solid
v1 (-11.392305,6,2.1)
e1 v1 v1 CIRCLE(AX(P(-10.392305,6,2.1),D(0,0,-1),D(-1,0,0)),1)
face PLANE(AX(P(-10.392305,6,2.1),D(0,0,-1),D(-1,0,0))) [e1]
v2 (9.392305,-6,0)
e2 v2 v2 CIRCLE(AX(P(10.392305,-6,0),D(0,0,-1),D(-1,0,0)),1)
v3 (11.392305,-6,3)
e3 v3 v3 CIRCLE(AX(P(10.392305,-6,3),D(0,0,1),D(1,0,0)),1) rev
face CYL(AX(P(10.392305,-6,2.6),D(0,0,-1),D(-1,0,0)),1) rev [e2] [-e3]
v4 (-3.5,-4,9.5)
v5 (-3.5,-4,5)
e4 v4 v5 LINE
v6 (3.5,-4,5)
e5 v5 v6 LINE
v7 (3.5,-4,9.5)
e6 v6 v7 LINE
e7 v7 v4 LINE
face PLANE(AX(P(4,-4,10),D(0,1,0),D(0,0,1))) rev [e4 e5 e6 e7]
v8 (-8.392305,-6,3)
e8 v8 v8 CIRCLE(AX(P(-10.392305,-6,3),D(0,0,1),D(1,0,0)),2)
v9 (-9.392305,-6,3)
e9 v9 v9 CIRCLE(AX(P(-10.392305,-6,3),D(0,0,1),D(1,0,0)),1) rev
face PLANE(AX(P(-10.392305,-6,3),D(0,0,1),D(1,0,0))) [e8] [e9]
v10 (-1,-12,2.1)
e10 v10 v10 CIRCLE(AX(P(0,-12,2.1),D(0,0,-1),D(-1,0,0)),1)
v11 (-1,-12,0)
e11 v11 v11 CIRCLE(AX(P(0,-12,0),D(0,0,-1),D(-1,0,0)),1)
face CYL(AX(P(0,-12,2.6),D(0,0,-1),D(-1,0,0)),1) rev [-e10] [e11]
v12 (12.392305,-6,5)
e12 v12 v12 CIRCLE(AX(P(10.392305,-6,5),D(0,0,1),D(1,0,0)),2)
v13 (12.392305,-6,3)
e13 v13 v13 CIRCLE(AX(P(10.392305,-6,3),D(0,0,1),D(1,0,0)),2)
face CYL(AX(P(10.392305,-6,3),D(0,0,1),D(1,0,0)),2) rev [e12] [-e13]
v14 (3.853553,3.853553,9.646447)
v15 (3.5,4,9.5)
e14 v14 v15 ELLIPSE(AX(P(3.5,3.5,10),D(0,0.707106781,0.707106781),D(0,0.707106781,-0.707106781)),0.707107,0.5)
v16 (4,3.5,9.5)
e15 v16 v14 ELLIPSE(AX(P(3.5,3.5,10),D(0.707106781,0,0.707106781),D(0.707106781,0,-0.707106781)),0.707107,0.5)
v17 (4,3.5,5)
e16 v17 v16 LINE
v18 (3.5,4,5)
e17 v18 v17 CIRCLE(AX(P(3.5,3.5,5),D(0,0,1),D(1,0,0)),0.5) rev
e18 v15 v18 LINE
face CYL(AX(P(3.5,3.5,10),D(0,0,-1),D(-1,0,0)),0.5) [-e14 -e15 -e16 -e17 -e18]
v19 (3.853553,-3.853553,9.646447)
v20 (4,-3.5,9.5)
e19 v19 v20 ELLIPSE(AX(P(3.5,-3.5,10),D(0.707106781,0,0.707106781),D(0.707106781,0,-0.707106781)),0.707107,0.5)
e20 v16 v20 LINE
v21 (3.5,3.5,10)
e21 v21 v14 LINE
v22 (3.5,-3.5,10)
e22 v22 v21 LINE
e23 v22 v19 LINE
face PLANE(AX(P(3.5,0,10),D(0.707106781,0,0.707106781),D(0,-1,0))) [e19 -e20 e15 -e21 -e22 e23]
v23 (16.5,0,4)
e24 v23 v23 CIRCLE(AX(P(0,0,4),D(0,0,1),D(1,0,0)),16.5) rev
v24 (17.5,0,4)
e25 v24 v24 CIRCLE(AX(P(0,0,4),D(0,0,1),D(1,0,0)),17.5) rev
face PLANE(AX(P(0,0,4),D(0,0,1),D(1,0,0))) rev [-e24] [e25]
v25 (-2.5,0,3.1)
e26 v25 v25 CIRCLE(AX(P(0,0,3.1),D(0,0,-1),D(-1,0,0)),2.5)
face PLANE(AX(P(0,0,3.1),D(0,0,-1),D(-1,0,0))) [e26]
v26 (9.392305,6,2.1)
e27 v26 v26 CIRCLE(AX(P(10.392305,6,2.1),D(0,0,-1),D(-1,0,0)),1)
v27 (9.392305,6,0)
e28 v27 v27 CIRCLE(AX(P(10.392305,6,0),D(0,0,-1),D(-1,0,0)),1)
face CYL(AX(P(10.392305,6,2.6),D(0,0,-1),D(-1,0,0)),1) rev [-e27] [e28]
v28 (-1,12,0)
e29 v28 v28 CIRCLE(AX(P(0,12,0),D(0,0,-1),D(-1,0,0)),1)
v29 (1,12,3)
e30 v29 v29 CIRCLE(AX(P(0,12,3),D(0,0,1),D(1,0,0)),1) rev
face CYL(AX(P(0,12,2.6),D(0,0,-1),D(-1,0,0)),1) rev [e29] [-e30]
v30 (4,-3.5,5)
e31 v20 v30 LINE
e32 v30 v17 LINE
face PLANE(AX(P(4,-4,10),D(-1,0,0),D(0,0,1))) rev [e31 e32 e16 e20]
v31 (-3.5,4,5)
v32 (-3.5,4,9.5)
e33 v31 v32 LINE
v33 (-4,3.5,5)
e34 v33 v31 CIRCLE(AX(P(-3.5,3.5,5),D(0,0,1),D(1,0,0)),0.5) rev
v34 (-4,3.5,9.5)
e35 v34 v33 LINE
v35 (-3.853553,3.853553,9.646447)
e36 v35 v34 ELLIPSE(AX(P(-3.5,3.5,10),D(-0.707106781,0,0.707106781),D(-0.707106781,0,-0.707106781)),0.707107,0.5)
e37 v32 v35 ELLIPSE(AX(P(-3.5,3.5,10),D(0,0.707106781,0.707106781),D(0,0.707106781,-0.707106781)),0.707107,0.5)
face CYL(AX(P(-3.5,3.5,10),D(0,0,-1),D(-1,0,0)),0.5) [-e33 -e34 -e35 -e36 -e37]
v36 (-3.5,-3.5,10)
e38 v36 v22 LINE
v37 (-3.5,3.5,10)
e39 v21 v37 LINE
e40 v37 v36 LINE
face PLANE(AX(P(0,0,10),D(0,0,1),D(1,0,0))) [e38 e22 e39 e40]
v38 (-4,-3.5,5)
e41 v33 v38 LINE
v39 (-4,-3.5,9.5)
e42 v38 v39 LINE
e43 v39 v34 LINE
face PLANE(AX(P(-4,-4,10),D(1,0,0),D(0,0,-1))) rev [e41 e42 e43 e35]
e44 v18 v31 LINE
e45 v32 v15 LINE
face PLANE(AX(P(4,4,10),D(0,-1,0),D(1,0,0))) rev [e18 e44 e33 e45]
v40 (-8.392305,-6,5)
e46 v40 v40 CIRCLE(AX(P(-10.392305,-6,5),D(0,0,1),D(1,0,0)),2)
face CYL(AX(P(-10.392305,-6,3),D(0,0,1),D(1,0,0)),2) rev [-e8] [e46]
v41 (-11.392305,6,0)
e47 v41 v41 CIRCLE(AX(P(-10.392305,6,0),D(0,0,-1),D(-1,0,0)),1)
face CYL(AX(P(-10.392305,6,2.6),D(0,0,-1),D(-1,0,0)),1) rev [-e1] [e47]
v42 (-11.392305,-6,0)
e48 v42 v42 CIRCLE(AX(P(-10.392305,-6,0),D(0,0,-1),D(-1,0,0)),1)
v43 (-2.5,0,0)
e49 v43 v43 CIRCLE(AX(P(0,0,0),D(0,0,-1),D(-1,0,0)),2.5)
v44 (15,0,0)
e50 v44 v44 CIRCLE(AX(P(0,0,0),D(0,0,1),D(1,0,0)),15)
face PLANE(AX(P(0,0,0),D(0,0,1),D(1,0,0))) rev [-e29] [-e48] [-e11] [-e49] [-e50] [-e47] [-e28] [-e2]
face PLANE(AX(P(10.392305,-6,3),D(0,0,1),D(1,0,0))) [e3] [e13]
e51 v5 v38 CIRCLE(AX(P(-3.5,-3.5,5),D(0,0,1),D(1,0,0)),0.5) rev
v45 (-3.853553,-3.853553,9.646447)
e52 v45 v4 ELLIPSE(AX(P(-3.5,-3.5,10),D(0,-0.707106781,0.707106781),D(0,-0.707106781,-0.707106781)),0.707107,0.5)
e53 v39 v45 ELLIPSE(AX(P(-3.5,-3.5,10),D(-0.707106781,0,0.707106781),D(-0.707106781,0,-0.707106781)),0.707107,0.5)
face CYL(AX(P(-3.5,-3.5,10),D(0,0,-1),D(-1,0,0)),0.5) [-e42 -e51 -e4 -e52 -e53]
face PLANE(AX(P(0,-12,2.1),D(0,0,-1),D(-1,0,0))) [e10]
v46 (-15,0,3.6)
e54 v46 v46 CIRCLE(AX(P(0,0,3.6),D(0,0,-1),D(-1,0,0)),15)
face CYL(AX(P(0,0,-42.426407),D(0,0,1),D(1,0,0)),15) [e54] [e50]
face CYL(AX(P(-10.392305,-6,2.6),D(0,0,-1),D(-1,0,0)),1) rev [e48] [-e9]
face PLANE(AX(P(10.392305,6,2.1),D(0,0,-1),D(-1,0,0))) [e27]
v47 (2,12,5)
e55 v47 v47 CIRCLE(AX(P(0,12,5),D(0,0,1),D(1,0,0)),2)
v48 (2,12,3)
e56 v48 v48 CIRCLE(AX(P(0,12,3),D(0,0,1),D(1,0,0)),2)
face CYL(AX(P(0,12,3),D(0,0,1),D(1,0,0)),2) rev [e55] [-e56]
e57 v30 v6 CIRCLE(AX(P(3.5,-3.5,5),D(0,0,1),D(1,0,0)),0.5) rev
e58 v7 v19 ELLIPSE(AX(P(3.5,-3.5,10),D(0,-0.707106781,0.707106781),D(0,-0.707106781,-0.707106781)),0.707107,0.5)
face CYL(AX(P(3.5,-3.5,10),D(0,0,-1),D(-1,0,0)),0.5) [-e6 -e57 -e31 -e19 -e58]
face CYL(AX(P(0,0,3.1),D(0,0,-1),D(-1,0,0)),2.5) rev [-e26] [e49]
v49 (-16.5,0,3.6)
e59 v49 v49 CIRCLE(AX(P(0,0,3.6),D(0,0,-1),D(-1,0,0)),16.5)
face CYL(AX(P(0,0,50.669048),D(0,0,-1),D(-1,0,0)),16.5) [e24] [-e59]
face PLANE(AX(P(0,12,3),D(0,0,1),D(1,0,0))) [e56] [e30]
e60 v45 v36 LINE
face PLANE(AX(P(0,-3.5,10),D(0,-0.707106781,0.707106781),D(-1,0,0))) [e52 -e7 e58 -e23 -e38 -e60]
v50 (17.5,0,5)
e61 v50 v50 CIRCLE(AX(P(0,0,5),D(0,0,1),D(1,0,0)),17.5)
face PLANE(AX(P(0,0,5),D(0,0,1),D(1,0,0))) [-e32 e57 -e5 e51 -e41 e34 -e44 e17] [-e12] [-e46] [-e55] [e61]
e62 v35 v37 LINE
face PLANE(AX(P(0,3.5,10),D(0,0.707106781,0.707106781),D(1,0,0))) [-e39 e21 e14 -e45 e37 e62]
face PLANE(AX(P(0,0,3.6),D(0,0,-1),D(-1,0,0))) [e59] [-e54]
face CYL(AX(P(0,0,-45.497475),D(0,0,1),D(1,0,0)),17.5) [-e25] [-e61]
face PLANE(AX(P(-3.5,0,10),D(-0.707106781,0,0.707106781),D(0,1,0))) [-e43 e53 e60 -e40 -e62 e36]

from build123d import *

# Parameters (mm, degrees)
SKETCH_1_R               = 10
EXTRUDE_1_DEPTH          = 4
SKETCH_2_R               = 11.5
EXTRUDE_2_DEPTH          = 1
SKETCH_3_R               = 10.6
EXTRUDE_3_DEPTH          = 0.4
SKETCH_9_R               = 5
CUT_EXTRUDE_5_DEPTH      = 3
SKETCH_10_R              = 12.5
SKETCH_10_R_2            = 11.5
EXTRUDE_4_DEPTH          = 1
SKETCH_11_R              = 5
SKETCH_11_R_2            = 4
EXTRUDE_5_DEPTH          = 3
SKETCH_12_R              = 4
SKETCH_12_R_2            = 2
CUT_EXTRUDE_6_DEPTH      = 1.1
SKETCH_15_R              = 17.5
EXTRUDE_7_DEPTH          = 1
SKETCH_16_R              = 15
SKETCH_16_R_2            = 4
EXTRUDE_9_DEPTH          = 4
SKETCH_17_R              = 1
CUT_EXTRUDE_8_DEPTH      = 2.6
SKETCH_18_R              = 15.5
SKETCH_18_R_2            = 15
EXTRUDE_10_DEPTH         = 0.4
SKETCH_19_R              = 1
CUT_EXTRUDE_9_DEPTH      = 3.6
CUT_EXTRUDE_9_DEPTH_BACK = 3.4
SKETCH_20_R              = 2
CUT_EXTRUDE_10_DEPTH     = 2
SKETCH_21_R              = 16.5
SKETCH_21_R_2            = 15.5
EXTRUDE_11_DEPTH         = 0.4
SKETCH_27_R              = 4
EXTRUDE_12_DEPTH         = 4
SKETCH_38_R              = 1
EXTRUDE_16_DEPTH         = 0.5
SKETCH_40_W              = 8
SKETCH_40_H              = 8
EXTRUDE_18_DEPTH         = 5
CHAMFER_1_SIZE           = 0.5
FILLET_1_R               = 0.5
SKETCH_41_R              = 2.5
CUT_EXTRUDE_11_DEPTH     = 3.1


with BuildPart() as part:
    # 草图1 → 凸台-拉伸1 (new body)
    with BuildSketch(Plane.XY):
        Circle(SKETCH_1_R)
    extrude(amount=EXTRUDE_1_DEPTH)

    # 草图2 → 凸台-拉伸2 (add)
    with BuildSketch(Plane.XY.offset(4)):
        Circle(SKETCH_2_R)
    extrude(amount=EXTRUDE_2_DEPTH)

    # 草图3 → 凸台-拉伸3 (add)
    with BuildSketch(Plane(origin=(0, 0, 4), x_dir=(-1, 0, 0), z_dir=(0, 0, -1))):
        Circle(SKETCH_3_R)
    extrude(amount=EXTRUDE_3_DEPTH)

    # 草图9 → 切除-拉伸5 (cut)
    with BuildSketch(Plane(origin=(0, 0, 0), x_dir=(-1, 0, 0), z_dir=(0, 0, -1))):
        Circle(SKETCH_9_R)
    extrude(amount=-CUT_EXTRUDE_5_DEPTH, mode=Mode.SUBTRACT)

    # 草图10 → 凸台-拉伸4 (add)
    with BuildSketch(Plane.XY.offset(5)):
        Circle(SKETCH_10_R)
        Circle(SKETCH_10_R_2, mode=Mode.SUBTRACT)
    extrude(amount=-EXTRUDE_4_DEPTH)

    # 草图11 → 凸台-拉伸5 (add)
    with BuildSketch(Plane(origin=(0, 0, 3), x_dir=(-1, 0, 0), z_dir=(0, 0, -1))):
        Circle(SKETCH_11_R)
        Circle(SKETCH_11_R_2, mode=Mode.SUBTRACT)
    extrude(amount=EXTRUDE_5_DEPTH)

    # 草图12 → 切除-拉伸6 (cut)
    with BuildSketch(Plane(origin=(0, 0, 3), x_dir=(-1, 0, 0), z_dir=(0, 0, -1))):
        Circle(SKETCH_12_R)
        Circle(SKETCH_12_R_2, mode=Mode.SUBTRACT)
    extrude(amount=-CUT_EXTRUDE_6_DEPTH, mode=Mode.SUBTRACT)

    # 草图15 → 凸台-拉伸7 (add)
    with BuildSketch(Plane.XY.offset(5)):
        Circle(SKETCH_15_R)
    extrude(amount=-EXTRUDE_7_DEPTH)

    # 草图16 → 凸台-拉伸9 (add)
    with BuildSketch(Plane(origin=(0, 0, 4), x_dir=(-1, 0, 0), z_dir=(0, 0, -1))):
        Circle(SKETCH_16_R)
        Circle(SKETCH_16_R_2, mode=Mode.SUBTRACT)
    extrude(amount=EXTRUDE_9_DEPTH)

    # 草图17 → 切除-拉伸8 (cut)
    with BuildSketch(Plane(origin=(0, 0, 0), x_dir=(-1, 0, 0), z_dir=(0, 0, -1))):
        with Locations((0, 12)):
            Circle(SKETCH_17_R)
        with Locations((10.392304845, 6)):
            Circle(SKETCH_17_R)
        with Locations((10.392304845, -6)):
            Circle(SKETCH_17_R)
        with Locations((0, -12)):
            Circle(SKETCH_17_R)
        with Locations((-10.392304845, -6)):
            Circle(SKETCH_17_R)
        with Locations((-10.392304845, 6)):
            Circle(SKETCH_17_R)
    extrude(amount=-CUT_EXTRUDE_8_DEPTH, mode=Mode.SUBTRACT)

    # 草图18 → 凸台-拉伸10 (add)
    with BuildSketch(Plane(origin=(0, 0, 4), x_dir=(-1, 0, 0), z_dir=(0, 0, -1))):
        Circle(SKETCH_18_R)
        Circle(SKETCH_18_R_2, mode=Mode.SUBTRACT)
    extrude(amount=EXTRUDE_10_DEPTH)

    # 草图19 → 切除-拉伸9 (cut, two sides)
    with BuildSketch(Plane(origin=(0, 0, 2.6), x_dir=(-1, 0, 0), z_dir=(0, 0, -1))) as cut_extrude_9_sk:
        with Locations((0, 12)):
            Circle(SKETCH_19_R)
        with Locations((10.392304845, -6)):
            Circle(SKETCH_19_R)
        with Locations((-10.392304845, -6)):
            Circle(SKETCH_19_R)
    extrude(amount=CUT_EXTRUDE_9_DEPTH, mode=Mode.SUBTRACT)
    extrude(cut_extrude_9_sk.sketch, amount=-CUT_EXTRUDE_9_DEPTH_BACK, mode=Mode.SUBTRACT)

    # 草图20 → 切除-拉伸10 (cut)
    with BuildSketch(Plane.XY.offset(5)):
        with Locations((0, 12)):
            Circle(SKETCH_20_R)
        with Locations((10.392304845, -6)):
            Circle(SKETCH_20_R)
        with Locations((-10.392304845, -6)):
            Circle(SKETCH_20_R)
    extrude(amount=-CUT_EXTRUDE_10_DEPTH, mode=Mode.SUBTRACT)

    # 草图21 → 凸台-拉伸11 (add)
    with BuildSketch(Plane(origin=(0, 0, 3.6), x_dir=(-1, 0, 0), z_dir=(0, 0, -1))):
        Circle(SKETCH_21_R)
        Circle(SKETCH_21_R_2, mode=Mode.SUBTRACT)
    extrude(amount=-EXTRUDE_11_DEPTH)

    # 草图27 → 凸台-拉伸12 (add)
    with BuildSketch(Plane(origin=(0, 0, 0), x_dir=(-1, 0, 0), z_dir=(0, 0, -1))):
        Circle(SKETCH_27_R)
    extrude(amount=-EXTRUDE_12_DEPTH)

    # 草图38 → 凸台-拉伸16 (add)
    with BuildSketch(Plane(origin=(0, 0, 2.6), x_dir=(-1, 0, 0), z_dir=(0, 0, -1))):
        with Locations((10.392304845, 6)):
            Circle(SKETCH_38_R)
        with Locations((0, -12)):
            Circle(SKETCH_38_R)
        with Locations((-10.392304845, 6)):
            Circle(SKETCH_38_R)
    extrude(amount=EXTRUDE_16_DEPTH)

    # 草图40 → 凸台-拉伸18 (add)
    with BuildSketch(Plane.XY.offset(5)):
        Rectangle(SKETCH_40_W, SKETCH_40_H)
    extrude(amount=EXTRUDE_18_DEPTH)

    # 倒角1
    chamfer_1_edges = [part.edges().sort_by_distance(p)[0] for p in [
        (-4, 0, 10),
        (0, -4, 10),
        (4, 0, 10),
        (0, 4, 10),
    ]]
    chamfer(chamfer_1_edges, length=CHAMFER_1_SIZE)

    # 圆角1
    fillet_1_edges = [part.edges().sort_by_distance(p)[0] for p in [
        (-4, 4, 7.25),
        (4, 4, 7.25),
        (4, -4, 7.25),
        (-4, -4, 7.25),
    ]]
    fillet(fillet_1_edges, radius=FILLET_1_R)

    # 草图41 → 切除-拉伸11 (cut)
    with BuildSketch(Plane(origin=(0, 0, 0), x_dir=(-1, 0, 0), z_dir=(0, 0, -1))):
        Circle(SKETCH_41_R)
    extrude(amount=-CUT_EXTRUDE_11_DEPTH, mode=Mode.SUBTRACT)


solid = part.part
